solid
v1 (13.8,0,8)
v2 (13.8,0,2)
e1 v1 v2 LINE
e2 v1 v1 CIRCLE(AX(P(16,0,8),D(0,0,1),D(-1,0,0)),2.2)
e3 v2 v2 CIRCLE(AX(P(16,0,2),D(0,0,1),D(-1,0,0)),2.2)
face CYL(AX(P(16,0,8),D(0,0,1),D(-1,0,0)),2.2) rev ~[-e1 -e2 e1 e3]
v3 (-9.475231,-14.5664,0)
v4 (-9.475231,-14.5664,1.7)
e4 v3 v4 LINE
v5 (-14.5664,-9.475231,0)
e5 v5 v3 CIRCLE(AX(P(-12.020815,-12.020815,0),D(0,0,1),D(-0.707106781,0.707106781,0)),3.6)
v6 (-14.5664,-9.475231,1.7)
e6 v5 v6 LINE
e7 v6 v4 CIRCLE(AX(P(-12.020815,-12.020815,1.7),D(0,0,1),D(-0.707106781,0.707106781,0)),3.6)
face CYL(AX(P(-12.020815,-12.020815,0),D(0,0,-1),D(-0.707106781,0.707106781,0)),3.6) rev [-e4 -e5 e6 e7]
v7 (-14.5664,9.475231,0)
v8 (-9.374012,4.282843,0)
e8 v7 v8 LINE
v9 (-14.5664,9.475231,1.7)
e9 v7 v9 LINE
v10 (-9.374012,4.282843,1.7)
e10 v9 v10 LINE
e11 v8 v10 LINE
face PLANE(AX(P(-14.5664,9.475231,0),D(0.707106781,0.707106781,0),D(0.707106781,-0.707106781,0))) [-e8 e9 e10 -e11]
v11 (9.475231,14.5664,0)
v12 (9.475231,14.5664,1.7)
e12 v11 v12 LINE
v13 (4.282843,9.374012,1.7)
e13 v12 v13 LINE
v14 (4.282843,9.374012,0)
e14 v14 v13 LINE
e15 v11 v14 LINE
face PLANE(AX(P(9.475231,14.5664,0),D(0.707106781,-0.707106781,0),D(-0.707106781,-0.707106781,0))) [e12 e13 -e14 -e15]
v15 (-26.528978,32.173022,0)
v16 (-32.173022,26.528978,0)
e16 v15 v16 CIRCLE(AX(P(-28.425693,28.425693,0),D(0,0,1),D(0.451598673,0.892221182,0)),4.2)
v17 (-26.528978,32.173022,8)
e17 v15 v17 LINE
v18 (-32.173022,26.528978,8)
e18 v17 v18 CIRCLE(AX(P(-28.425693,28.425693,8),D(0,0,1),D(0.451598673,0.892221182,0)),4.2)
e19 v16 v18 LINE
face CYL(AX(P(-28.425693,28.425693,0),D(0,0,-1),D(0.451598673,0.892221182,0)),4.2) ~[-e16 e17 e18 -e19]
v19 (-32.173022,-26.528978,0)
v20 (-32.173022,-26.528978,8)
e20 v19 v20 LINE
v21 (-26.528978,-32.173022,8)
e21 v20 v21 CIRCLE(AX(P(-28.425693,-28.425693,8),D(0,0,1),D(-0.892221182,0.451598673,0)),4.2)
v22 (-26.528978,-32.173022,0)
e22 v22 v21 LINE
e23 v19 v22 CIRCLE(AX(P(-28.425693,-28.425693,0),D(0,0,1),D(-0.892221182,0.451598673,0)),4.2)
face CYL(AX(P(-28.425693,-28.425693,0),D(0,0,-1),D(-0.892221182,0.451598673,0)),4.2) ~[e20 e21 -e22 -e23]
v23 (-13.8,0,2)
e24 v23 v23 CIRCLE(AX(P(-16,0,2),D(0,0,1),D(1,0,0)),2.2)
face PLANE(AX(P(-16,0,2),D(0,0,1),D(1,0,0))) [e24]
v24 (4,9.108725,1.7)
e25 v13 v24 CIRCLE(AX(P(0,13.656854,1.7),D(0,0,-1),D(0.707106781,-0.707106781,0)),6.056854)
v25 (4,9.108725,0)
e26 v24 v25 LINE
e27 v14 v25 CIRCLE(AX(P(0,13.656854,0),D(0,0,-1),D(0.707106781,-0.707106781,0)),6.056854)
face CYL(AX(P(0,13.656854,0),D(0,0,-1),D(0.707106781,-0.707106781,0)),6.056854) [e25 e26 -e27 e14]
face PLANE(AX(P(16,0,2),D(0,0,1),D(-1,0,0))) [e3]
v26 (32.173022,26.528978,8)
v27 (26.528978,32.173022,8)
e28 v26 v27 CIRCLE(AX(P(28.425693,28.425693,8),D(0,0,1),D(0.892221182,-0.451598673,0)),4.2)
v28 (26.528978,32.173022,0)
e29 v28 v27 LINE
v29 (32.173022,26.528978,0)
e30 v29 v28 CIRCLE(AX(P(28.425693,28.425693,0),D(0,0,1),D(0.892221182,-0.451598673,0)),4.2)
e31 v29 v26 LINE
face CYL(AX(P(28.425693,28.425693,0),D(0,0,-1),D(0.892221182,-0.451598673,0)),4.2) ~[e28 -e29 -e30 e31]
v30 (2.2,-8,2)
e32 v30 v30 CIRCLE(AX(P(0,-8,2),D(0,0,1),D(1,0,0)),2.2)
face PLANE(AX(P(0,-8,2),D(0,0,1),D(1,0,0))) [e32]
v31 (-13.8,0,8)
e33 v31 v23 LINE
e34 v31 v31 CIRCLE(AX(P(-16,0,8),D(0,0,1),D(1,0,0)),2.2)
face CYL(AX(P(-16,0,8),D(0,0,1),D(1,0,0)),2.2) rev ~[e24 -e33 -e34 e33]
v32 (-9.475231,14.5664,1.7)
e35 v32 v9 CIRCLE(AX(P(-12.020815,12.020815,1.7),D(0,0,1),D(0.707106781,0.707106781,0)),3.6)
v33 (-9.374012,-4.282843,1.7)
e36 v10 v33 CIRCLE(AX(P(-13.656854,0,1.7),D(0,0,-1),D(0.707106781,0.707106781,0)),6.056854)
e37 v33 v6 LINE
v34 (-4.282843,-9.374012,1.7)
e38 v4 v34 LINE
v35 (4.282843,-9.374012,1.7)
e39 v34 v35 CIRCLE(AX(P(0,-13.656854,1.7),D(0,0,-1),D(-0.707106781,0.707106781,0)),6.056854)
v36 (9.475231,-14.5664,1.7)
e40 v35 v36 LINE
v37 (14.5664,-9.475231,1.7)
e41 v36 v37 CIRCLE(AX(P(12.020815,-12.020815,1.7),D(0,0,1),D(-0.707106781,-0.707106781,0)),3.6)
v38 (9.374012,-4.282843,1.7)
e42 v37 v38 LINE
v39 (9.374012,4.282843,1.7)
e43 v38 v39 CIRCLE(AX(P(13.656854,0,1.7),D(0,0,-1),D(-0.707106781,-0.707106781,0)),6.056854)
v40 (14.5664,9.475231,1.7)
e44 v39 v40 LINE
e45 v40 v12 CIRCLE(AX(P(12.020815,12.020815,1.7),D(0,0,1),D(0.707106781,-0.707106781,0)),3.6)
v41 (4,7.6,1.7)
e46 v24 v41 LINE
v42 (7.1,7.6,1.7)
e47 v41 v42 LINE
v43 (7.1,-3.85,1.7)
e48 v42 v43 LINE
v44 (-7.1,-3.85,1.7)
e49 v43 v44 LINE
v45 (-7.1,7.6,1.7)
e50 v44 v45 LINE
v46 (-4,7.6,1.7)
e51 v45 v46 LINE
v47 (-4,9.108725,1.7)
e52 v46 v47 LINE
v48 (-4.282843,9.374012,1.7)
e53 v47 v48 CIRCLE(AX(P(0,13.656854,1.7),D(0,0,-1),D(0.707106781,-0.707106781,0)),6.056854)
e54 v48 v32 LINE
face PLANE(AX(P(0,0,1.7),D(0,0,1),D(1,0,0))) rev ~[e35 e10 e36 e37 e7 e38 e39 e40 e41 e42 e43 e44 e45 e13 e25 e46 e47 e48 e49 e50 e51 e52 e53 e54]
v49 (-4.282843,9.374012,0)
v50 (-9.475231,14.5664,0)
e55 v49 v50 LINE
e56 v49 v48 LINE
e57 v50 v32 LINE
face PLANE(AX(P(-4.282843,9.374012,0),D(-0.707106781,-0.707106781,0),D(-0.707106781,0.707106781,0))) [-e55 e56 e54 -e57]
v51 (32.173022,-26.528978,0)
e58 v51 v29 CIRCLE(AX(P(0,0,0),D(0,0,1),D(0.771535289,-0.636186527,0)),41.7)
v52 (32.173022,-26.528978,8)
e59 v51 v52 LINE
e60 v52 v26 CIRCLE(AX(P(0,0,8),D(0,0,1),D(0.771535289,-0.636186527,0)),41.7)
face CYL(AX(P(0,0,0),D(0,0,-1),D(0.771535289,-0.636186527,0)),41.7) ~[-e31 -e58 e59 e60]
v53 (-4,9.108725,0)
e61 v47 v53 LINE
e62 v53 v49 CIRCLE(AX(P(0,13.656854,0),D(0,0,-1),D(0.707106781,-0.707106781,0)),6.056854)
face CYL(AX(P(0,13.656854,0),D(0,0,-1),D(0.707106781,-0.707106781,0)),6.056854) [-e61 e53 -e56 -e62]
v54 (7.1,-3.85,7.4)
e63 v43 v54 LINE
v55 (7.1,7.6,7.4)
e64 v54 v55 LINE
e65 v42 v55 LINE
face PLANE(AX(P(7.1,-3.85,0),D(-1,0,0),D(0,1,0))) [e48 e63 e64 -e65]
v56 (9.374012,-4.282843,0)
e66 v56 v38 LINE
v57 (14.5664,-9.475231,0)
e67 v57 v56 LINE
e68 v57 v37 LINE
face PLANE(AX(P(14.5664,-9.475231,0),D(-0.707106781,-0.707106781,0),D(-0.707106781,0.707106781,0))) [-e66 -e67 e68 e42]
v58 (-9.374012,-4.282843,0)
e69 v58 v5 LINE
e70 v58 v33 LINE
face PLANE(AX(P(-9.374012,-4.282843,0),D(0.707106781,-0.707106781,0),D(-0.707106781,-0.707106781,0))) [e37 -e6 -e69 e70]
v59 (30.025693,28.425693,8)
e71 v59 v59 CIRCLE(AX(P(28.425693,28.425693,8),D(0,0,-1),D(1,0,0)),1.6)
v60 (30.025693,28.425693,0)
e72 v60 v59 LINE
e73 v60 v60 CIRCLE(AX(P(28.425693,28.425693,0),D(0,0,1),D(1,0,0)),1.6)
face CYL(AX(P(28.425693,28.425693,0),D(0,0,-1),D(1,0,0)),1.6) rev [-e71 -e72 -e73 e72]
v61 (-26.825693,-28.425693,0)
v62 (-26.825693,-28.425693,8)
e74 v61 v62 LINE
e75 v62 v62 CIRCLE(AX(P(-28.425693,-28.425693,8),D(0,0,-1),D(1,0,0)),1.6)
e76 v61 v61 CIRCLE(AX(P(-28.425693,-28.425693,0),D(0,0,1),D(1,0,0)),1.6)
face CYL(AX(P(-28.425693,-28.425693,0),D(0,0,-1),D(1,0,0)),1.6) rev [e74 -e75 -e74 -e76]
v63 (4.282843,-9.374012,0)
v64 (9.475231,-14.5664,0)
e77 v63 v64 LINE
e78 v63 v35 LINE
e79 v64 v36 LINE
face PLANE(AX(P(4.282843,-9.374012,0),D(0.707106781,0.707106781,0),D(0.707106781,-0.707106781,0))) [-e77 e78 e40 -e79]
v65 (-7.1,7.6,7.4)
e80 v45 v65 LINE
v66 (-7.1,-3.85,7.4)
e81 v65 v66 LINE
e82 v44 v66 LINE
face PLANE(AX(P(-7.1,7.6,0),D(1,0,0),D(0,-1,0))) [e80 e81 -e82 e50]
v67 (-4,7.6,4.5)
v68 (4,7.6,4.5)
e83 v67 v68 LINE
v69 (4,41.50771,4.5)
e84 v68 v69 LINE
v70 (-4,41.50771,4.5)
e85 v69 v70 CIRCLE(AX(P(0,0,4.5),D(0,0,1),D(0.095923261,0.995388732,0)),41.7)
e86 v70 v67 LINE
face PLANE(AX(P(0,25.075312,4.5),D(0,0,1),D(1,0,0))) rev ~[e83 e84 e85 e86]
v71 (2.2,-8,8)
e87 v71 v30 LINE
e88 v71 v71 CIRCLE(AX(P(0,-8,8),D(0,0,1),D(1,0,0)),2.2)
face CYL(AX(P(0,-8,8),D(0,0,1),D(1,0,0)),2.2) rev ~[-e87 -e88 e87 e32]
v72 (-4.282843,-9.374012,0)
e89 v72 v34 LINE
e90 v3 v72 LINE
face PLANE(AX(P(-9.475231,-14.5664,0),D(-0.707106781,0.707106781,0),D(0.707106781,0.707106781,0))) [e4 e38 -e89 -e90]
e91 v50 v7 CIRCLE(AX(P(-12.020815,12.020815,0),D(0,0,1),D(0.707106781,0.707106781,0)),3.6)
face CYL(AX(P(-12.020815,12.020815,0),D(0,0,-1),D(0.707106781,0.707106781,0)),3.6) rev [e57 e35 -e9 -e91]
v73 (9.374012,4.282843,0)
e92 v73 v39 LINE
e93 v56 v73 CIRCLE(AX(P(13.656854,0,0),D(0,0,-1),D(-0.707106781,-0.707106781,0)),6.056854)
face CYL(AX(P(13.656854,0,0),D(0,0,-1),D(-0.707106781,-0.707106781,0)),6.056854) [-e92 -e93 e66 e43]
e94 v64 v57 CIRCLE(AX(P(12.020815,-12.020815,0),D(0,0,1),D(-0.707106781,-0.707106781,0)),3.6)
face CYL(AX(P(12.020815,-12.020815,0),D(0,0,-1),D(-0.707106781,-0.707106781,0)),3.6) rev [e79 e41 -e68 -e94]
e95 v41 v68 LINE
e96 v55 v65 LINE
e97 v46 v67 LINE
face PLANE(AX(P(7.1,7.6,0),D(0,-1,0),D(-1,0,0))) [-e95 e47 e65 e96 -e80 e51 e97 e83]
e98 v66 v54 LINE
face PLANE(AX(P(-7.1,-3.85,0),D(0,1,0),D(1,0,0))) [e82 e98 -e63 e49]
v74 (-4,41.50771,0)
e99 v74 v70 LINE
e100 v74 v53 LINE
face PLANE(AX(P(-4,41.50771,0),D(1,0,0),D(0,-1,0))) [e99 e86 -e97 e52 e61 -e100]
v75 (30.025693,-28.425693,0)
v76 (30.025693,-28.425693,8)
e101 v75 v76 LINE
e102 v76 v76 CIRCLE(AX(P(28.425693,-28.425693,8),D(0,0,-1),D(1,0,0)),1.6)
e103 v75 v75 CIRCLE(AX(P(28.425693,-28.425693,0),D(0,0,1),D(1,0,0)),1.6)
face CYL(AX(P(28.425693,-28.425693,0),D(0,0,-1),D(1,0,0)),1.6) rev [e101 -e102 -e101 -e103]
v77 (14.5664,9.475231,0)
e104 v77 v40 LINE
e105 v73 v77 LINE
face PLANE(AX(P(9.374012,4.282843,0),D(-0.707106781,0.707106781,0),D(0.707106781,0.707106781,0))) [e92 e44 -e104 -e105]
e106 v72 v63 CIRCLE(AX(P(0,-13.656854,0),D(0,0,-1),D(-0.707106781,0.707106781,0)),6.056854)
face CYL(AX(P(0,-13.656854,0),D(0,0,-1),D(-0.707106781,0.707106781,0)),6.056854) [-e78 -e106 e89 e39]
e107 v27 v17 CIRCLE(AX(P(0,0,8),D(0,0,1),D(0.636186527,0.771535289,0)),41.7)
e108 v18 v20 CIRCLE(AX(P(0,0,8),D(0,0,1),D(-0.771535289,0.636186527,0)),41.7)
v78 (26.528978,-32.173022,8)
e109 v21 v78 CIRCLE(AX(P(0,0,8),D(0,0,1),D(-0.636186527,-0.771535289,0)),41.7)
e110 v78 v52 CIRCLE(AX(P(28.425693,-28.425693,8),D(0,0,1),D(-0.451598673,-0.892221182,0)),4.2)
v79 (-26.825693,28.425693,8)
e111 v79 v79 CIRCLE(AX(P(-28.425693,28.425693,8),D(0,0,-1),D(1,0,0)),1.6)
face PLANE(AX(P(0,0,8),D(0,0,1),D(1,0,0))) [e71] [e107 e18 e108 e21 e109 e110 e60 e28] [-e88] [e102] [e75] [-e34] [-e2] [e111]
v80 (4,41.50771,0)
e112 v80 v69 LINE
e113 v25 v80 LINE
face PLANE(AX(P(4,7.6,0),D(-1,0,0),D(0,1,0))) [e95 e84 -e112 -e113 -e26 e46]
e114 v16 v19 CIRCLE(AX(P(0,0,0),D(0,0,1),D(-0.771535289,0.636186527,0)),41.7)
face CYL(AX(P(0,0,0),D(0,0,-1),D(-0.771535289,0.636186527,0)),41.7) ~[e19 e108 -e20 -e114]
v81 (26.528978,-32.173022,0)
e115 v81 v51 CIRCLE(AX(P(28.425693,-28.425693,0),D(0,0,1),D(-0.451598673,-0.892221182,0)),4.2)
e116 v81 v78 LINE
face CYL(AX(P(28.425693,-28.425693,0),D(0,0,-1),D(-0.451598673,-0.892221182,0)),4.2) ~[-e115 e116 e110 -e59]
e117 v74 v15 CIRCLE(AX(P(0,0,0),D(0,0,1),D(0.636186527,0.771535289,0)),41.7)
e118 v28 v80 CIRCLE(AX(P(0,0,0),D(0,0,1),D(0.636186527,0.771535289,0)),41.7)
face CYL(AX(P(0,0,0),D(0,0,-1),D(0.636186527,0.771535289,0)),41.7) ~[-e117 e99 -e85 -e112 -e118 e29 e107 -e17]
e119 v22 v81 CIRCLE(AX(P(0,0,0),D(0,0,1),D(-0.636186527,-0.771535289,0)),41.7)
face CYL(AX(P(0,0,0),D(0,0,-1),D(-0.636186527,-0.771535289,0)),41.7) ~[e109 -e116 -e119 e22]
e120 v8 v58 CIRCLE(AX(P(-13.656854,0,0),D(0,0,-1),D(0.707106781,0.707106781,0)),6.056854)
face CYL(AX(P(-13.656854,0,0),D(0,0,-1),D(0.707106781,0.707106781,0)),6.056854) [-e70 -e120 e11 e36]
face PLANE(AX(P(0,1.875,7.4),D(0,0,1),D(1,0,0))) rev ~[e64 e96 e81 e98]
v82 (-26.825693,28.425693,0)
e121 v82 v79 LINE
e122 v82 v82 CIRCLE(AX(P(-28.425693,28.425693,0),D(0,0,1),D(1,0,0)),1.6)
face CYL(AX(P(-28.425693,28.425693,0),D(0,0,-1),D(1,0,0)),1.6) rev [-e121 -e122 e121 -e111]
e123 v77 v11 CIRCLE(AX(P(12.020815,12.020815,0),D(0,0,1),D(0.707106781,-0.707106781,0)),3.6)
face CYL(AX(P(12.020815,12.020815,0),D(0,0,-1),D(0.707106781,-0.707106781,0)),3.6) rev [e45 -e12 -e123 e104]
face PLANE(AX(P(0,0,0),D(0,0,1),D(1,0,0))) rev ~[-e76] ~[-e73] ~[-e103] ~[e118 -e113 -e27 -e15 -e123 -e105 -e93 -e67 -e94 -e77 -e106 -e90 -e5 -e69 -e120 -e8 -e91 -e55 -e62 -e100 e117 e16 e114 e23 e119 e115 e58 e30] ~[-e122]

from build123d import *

# Parameters (mm, degrees)
BOSS_EXTRUDE1_DEPTH = 8
CUT_EXTRUDE4_DEPTH  = 1.7
CUT_EXTRUDE5_DEPTH  = 7.4
CUT_EXTRUDE6_DEPTH  = 4.5
SKETCH3_R           = 2.2
CUT_EXTRUDE7_DEPTH  = 6
SKETCH1_10_R        = 1.6
CUT_EXTRUDE8_DEPTH  = 60.512855754


with BuildPart() as part:
    # Sketch1 → Boss-Extrude1 (new body)
    with BuildSketch(Plane.XY):
        with BuildLine():
            ThreePointArc((-32.17302157, 26.528978176), (-41.7, 0), (-32.17302157, -26.528978176))
            ThreePointArc((-32.17302157, -26.528978176), (-31.395541085, -31.395541085), (-26.528978176, -32.17302157))
            ThreePointArc((-26.528978176, -32.17302157), (0, -41.7), (26.528978176, -32.17302157))
            ThreePointArc((26.528978176, -32.17302157), (31.395541085, -31.395541085), (32.17302157, -26.528978176))
            ThreePointArc((32.17302157, -26.528978176), (41.7, 0), (32.17302157, 26.528978176))
            ThreePointArc((32.17302157, 26.528978176), (31.395541085, 31.395541085), (26.528978176, 32.17302157))
            ThreePointArc((26.528978176, 32.17302157), (0, 41.7), (-26.528978176, 32.17302157))
            ThreePointArc((-26.528978176, 32.17302157), (-31.395541085, 31.395541085), (-32.17302157, 26.528978176))
        make_face()
    extrude(amount=BOSS_EXTRUDE1_DEPTH)

    # Sketch1<7> → Cut-Extrude4 (cut)
    with BuildSketch(Plane.XY):
        with BuildLine():
            Line((-4.282842712, 9.374011537), (-9.475230868, 14.566399692))
            ThreePointArc((-9.475230868, 14.566399692), (-14.566399692, 14.566399692), (-14.566399692, 9.475230868))
            Line((-14.566399692, 9.475230868), (-9.374011537, 4.282842712))
            ThreePointArc((-9.374011537, 4.282842712), (-7.6, 0), (-9.374011537, -4.282842712))
            Line((-9.374011537, -4.282842712), (-14.566399692, -9.475230868))
            ThreePointArc((-14.566399692, -9.475230868), (-14.566399692, -14.566399692), (-9.475230868, -14.566399692))
            Line((-9.475230868, -14.566399692), (-4.282842712, -9.374011537))
            ThreePointArc((-4.282842712, -9.374011537), (0, -7.6), (4.282842712, -9.374011537))
            Line((4.282842712, -9.374011537), (9.475230868, -14.566399692))
            ThreePointArc((9.475230868, -14.566399692), (14.566399692, -14.566399692), (14.566399692, -9.475230868))
            Line((14.566399692, -9.475230868), (9.374011537, -4.282842712))
            ThreePointArc((9.374011537, -4.282842712), (7.6, 0), (9.374011537, 4.282842712))
            Line((9.374011537, 4.282842712), (14.566399692, 9.475230868))
            ThreePointArc((14.566399692, 9.475230868), (14.566399692, 14.566399692), (9.475230868, 14.566399692))
            Line((9.475230868, 14.566399692), (4.282842712, 9.374011537))
            ThreePointArc((4.282842712, 9.374011537), (0, 7.6), (-4.282842712, 9.374011537))
        make_face()
    extrude(amount=CUT_EXTRUDE4_DEPTH, mode=Mode.SUBTRACT)

    # Sketch1<8> → Cut-Extrude5 (cut)
    with BuildSketch(Plane.XY):
        Polygon((-7.1, -3.85), (7.1, -3.85), (7.1, 3.85), (7.1, 7.6), (-7.1, 7.6), (-7.1, 3.85), align=None)
    extrude(amount=CUT_EXTRUDE5_DEPTH, mode=Mode.SUBTRACT)

    # Sketch1<9> → Cut-Extrude6 (cut)
    with BuildSketch(Plane.XY):
        with BuildLine():
            Line((-4, 7.6), (4, 7.6))
            Line((4, 7.6), (4, 41.507710127))
            ThreePointArc((4, 41.507710127), (0, 41.7), (-4, 41.507710127))
            Line((-4, 41.507710127), (-4, 7.6))
        make_face()
    extrude(amount=CUT_EXTRUDE6_DEPTH, mode=Mode.SUBTRACT)

    # Sketch3 → Cut-Extrude7 (cut)
    with BuildSketch(Plane.XY.offset(8)):
        with Locations((-16, 0)):
            Circle(SKETCH3_R)
        with Locations((16, 0)):
            Circle(SKETCH3_R)
        with Locations((0, -8)):
            Circle(SKETCH3_R)
    extrude(amount=-CUT_EXTRUDE7_DEPTH, mode=Mode.SUBTRACT)

    # Sketch1<10> → Cut-Extrude8 (cut, through all)
    with BuildSketch(Plane.XY):
        with Locations((-28.425692604, 28.425692604)):
            Circle(SKETCH1_10_R)
        with Locations((28.425692604, 28.425692604)):
            Circle(SKETCH1_10_R)
        with Locations((28.425692604, -28.425692604)):
            Circle(SKETCH1_10_R)
        with Locations((-28.425692604, -28.425692604)):
            Circle(SKETCH1_10_R)
    extrude(amount=CUT_EXTRUDE8_DEPTH, mode=Mode.SUBTRACT)


solid = part.part
